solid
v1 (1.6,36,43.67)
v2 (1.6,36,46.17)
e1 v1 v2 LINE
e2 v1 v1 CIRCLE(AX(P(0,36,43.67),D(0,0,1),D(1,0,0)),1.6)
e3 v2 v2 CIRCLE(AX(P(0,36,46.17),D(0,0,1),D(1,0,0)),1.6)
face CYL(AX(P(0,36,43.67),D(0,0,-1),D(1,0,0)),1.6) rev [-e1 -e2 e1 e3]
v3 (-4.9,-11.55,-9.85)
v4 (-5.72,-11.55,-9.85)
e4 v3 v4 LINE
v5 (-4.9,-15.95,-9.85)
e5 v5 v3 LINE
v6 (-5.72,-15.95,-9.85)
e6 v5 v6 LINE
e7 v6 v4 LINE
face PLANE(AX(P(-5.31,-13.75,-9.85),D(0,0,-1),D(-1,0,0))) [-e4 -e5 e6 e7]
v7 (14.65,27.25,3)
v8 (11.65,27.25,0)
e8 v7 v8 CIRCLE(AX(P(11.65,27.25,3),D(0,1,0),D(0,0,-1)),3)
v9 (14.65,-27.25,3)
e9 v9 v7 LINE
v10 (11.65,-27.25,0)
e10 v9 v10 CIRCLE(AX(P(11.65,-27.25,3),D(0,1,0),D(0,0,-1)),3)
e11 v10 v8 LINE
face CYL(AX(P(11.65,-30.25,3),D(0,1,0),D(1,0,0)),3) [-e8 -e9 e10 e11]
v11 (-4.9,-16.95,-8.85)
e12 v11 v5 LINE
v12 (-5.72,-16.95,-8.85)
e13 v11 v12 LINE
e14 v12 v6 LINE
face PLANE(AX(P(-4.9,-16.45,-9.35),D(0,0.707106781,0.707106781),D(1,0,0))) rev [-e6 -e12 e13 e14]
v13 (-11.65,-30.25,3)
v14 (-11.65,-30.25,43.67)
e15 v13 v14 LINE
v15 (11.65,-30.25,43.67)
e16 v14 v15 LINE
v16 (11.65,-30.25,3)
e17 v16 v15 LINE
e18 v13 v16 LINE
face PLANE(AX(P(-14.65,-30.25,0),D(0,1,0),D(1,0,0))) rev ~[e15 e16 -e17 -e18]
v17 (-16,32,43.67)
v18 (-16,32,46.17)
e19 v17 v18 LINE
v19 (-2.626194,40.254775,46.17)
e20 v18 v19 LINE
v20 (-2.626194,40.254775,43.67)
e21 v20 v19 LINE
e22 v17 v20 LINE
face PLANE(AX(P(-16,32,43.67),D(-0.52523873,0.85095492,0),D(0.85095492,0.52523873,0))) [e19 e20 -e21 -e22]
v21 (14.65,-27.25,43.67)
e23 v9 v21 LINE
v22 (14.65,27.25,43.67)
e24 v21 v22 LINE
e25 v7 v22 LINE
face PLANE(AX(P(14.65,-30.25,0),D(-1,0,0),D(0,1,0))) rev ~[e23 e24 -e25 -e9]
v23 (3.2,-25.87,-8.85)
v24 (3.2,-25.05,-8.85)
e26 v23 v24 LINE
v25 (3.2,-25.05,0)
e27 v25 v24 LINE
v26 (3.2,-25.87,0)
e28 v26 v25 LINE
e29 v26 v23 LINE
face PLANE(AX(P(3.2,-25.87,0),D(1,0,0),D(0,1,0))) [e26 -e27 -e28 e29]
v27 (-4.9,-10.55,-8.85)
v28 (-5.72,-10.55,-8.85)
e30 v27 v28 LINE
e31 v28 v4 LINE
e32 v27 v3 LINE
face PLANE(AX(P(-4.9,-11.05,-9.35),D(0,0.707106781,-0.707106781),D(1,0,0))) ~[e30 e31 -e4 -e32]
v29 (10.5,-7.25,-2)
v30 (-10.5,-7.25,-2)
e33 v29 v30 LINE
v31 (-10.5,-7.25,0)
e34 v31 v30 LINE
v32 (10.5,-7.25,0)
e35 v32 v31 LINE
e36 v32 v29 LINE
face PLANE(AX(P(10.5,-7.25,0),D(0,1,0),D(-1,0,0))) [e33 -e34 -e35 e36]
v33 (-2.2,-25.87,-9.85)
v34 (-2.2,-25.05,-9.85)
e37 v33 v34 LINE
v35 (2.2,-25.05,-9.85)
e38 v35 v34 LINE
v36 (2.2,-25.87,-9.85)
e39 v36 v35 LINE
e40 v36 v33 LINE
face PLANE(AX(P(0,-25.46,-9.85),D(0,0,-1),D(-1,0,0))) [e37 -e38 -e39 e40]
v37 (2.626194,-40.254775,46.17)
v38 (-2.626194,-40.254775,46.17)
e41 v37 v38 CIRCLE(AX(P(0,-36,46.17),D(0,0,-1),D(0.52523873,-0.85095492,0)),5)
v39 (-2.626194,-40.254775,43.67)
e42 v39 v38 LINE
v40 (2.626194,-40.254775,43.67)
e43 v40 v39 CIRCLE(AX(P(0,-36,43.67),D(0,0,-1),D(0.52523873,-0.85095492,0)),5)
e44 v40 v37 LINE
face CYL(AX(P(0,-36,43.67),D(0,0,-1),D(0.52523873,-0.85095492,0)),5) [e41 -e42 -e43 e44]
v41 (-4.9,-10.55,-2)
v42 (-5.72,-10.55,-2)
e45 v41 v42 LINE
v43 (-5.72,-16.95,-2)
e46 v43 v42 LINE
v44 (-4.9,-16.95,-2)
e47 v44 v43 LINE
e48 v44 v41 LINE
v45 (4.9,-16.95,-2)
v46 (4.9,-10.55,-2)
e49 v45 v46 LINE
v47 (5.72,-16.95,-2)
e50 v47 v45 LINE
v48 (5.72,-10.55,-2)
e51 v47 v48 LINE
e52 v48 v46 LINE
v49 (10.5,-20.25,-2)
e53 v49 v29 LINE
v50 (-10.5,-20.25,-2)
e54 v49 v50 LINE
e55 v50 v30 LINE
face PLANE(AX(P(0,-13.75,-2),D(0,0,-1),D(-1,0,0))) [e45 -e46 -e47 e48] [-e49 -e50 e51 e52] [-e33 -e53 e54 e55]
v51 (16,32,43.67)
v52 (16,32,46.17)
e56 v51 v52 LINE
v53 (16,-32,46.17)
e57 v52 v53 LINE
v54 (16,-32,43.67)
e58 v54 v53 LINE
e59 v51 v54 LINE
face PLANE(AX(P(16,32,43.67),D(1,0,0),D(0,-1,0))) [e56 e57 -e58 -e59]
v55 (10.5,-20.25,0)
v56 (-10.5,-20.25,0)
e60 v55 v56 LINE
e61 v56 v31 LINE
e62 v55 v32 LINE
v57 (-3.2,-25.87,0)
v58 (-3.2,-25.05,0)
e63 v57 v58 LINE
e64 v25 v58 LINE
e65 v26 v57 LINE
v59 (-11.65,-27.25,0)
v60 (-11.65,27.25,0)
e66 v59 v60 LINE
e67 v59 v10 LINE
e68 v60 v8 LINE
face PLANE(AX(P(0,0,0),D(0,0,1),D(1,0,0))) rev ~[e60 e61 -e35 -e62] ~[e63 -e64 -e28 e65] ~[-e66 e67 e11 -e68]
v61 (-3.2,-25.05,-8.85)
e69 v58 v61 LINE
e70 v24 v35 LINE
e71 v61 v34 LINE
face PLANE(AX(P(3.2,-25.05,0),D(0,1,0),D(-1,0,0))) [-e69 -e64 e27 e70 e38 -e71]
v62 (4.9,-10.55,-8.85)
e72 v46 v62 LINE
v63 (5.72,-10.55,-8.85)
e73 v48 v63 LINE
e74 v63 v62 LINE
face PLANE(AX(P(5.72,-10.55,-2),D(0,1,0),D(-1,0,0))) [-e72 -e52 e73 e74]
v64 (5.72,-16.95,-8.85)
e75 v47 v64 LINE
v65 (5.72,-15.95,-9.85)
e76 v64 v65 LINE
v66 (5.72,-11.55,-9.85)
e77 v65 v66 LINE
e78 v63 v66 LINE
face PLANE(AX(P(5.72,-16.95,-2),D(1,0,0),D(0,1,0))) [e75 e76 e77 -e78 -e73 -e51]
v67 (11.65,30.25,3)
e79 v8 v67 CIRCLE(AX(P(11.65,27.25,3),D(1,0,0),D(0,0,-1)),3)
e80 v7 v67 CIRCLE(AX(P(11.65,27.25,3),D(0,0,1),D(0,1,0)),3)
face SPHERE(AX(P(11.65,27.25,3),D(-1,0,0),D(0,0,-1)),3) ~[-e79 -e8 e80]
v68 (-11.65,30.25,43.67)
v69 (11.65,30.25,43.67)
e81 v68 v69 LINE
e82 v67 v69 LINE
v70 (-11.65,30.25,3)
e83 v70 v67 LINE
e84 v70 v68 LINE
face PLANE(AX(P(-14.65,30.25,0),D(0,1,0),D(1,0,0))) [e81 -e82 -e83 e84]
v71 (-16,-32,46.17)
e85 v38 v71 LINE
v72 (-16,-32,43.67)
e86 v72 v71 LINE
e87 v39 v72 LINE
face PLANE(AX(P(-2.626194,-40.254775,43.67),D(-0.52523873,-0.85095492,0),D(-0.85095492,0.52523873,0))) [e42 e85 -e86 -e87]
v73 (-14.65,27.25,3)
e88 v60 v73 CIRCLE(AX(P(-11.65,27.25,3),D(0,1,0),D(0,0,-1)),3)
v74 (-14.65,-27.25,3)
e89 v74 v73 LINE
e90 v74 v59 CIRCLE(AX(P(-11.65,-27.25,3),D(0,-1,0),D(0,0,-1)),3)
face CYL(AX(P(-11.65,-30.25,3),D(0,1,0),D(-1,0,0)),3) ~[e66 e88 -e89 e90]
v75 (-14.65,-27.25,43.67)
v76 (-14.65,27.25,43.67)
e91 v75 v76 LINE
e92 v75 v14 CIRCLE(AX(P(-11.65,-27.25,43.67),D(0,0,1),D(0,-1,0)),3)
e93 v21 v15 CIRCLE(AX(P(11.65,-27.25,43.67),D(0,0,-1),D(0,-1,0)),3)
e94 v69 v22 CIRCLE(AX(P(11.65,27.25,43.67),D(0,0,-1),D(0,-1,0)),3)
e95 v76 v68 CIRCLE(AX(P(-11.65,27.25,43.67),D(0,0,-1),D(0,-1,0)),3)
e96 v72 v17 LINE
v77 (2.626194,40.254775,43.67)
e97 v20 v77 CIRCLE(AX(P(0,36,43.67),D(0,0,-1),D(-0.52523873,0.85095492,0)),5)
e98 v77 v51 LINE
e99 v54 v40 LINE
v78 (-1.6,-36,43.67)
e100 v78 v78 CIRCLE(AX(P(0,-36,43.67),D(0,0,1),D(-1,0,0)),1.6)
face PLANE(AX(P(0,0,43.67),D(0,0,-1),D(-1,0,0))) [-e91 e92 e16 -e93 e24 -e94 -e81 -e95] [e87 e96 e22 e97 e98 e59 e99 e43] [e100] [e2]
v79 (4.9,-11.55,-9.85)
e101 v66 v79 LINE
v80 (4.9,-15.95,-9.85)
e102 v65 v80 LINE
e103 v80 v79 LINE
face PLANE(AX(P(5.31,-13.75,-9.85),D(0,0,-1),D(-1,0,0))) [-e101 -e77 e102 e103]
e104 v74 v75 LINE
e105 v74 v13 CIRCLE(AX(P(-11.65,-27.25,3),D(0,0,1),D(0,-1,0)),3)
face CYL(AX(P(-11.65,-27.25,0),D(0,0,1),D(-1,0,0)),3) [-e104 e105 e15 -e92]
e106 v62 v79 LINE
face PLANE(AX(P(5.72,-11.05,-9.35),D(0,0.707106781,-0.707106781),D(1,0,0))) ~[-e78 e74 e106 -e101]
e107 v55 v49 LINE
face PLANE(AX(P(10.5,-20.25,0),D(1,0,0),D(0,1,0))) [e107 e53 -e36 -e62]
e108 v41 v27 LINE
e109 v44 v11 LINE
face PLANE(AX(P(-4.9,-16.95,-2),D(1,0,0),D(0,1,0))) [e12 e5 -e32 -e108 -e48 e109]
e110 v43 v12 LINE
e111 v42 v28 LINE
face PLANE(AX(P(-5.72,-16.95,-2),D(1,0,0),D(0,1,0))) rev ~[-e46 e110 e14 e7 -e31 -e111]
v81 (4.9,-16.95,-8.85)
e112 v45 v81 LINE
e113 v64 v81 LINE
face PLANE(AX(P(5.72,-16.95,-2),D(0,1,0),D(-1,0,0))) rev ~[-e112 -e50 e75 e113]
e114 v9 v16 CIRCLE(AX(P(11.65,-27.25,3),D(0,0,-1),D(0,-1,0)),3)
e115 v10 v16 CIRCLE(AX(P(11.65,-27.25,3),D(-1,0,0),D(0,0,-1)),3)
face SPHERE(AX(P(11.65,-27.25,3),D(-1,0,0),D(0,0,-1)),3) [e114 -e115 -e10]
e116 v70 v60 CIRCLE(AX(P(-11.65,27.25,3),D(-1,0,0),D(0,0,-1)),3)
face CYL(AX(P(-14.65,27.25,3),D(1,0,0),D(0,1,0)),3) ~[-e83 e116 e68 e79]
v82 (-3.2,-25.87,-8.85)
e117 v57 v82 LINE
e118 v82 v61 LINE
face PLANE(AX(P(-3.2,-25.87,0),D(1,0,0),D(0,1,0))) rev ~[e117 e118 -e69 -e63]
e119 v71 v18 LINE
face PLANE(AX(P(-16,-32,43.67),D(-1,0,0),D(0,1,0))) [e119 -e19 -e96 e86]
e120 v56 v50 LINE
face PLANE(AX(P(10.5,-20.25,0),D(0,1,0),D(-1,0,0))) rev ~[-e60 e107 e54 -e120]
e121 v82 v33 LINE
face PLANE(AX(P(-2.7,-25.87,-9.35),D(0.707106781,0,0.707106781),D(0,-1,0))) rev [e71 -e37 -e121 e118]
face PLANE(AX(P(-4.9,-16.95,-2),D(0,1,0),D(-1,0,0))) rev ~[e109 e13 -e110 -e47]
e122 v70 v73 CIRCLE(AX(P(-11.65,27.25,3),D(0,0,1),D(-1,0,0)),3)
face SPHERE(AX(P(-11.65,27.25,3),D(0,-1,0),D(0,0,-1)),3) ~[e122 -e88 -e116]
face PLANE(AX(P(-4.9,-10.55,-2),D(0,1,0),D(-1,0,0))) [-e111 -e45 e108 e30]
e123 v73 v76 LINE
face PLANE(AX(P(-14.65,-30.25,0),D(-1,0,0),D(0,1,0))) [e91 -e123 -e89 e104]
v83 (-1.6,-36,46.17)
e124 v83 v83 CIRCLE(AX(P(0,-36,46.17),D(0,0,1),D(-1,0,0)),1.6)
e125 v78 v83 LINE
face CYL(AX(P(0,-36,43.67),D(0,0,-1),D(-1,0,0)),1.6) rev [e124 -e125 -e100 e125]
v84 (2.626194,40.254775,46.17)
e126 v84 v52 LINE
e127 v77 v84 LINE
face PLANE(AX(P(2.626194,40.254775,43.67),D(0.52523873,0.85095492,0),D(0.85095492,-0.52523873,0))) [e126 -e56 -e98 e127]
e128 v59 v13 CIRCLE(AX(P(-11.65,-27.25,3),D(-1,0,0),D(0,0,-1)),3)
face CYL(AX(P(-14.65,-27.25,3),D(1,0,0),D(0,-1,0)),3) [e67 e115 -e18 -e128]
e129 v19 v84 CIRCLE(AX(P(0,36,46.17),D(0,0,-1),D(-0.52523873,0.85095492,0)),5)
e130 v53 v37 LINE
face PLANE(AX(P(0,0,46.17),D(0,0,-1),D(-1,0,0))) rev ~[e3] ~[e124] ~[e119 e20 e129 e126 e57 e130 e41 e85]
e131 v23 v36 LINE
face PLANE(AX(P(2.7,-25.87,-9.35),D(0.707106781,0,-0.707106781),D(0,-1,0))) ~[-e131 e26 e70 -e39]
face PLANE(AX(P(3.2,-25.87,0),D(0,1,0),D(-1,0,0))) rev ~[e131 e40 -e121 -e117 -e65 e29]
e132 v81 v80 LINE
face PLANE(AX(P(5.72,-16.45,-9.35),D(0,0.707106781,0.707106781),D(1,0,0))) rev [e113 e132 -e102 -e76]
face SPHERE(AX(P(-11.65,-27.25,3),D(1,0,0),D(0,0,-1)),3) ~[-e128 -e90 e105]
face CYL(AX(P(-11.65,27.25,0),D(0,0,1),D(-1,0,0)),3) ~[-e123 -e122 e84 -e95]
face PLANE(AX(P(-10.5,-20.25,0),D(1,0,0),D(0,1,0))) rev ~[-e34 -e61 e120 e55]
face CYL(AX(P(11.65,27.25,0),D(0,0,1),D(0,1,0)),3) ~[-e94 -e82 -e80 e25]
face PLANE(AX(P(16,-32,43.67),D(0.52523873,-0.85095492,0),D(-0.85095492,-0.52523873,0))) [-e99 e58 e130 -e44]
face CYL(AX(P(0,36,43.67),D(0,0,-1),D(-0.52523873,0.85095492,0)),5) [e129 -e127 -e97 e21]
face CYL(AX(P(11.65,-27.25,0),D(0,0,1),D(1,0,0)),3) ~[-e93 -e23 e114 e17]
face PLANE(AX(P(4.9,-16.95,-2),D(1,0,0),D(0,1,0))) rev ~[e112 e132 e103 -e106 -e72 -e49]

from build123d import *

# Parameters (mm, degrees)
SKETCH1_W           = 29.3
SKETCH1_H           = 60.5
BOSS_EXTRUDE1_DEPTH = 43.67
SKETCH2_R           = 1.6
BOSS_EXTRUDE2_DEPTH = 2.5
FILLET1_R           = 3
SKETCH3_W           = 21
SKETCH3_H           = 13
BOSS_EXTRUDE3_DEPTH = 2
SKETCH4_W           = 0.82
SKETCH4_H           = 6.4
BOSS_EXTRUDE4_DEPTH = 7.85
SKETCH5_W           = 6.4
SKETCH5_H           = 0.82
BOSS_EXTRUDE5_DEPTH = 9.85
CHAMFER1_SIZE       = 1


with BuildPart() as part:
    # Sketch1 → Boss-Extrude1 (new body)
    with BuildSketch(Plane.XY):
        Rectangle(SKETCH1_W, SKETCH1_H)
    extrude(amount=BOSS_EXTRUDE1_DEPTH)

    # Sketch2 → Boss-Extrude2 (add)
    with BuildSketch(Plane.XY.offset(43.67)):
        with BuildLine():
            Line((-16, 32), (-2.62619365, 40.254774602))
            ThreePointArc((-2.62619365, 40.254774602), (0, 41), (2.62619365, 40.254774602))
            Line((2.62619365, 40.254774602), (16, 32))
            Line((16, 32), (16, -32))
            Line((16, -32), (2.62619365, -40.254774602))
            ThreePointArc((2.62619365, -40.254774602), (0, -41), (-2.62619365, -40.254774602))
            Line((-2.62619365, -40.254774602), (-16, -32))
            Line((-16, -32), (-16, 32))
        make_face()
        with Locations((0, 36)):
            Circle(SKETCH2_R, mode=Mode.SUBTRACT)
        with Locations(Location((0, -36, 0), (0, 0, 180))):
            Circle(SKETCH2_R, mode=Mode.SUBTRACT)
    extrude(amount=BOSS_EXTRUDE2_DEPTH)

    # Fillet1
    fillet1_edges = [part.edges().sort_by_distance(p)[0] for p in [
        (0, -30.25, 0),
        (-14.65, 0, 0),
        (0, 30.25, 0),
        (14.65, 0, 0),
        (14.65, -30.25, 21.835),
        (-14.65, -30.25, 21.835),
        (-14.65, 30.25, 21.835),
        (14.65, 30.25, 21.835),
    ]]
    fillet(fillet1_edges, radius=FILLET1_R)

    # Sketch3 → Boss-Extrude3 (add)
    with BuildSketch(Plane(origin=(0, 0, 0), x_dir=(-1, 0, 0), z_dir=(0, 0, -1))):
        with Locations((0, -13.75)):
            Rectangle(SKETCH3_W, SKETCH3_H)
    extrude(amount=BOSS_EXTRUDE3_DEPTH)

    # Sketch4 → Boss-Extrude4 (add)
    with BuildSketch(Plane(origin=(0, 0, -2), x_dir=(-1, 0, 0), z_dir=(0, 0, -1))):
        with Locations((-5.31, -13.75)):
            Rectangle(SKETCH4_W, SKETCH4_H)
        with Locations((5.31, -13.75)):
            Rectangle(SKETCH4_W, SKETCH4_H)
    extrude(amount=BOSS_EXTRUDE4_DEPTH)

    # Sketch5 → Boss-Extrude5 (add)
    with BuildSketch(Plane(origin=(0, 0, 0), x_dir=(-1, 0, 0), z_dir=(0, 0, -1))):
        with Locations((0, -25.46)):
            Rectangle(SKETCH5_W, SKETCH5_H)
    extrude(amount=BOSS_EXTRUDE5_DEPTH)

    # Chamfer1
    chamfer1_edges = [part.edges().sort_by_distance(p)[0] for p in [
        (-5.31, -16.95, -9.85),
        (-5.31, -10.55, -9.85),
        (-3.2, -25.46, -9.85),
        (3.2, -25.46, -9.85),
        (5.31, -16.95, -9.85),
        (5.31, -10.55, -9.85),
    ]]
    chamfer(chamfer1_edges, length=CHAMFER1_SIZE)


solid = part.part
